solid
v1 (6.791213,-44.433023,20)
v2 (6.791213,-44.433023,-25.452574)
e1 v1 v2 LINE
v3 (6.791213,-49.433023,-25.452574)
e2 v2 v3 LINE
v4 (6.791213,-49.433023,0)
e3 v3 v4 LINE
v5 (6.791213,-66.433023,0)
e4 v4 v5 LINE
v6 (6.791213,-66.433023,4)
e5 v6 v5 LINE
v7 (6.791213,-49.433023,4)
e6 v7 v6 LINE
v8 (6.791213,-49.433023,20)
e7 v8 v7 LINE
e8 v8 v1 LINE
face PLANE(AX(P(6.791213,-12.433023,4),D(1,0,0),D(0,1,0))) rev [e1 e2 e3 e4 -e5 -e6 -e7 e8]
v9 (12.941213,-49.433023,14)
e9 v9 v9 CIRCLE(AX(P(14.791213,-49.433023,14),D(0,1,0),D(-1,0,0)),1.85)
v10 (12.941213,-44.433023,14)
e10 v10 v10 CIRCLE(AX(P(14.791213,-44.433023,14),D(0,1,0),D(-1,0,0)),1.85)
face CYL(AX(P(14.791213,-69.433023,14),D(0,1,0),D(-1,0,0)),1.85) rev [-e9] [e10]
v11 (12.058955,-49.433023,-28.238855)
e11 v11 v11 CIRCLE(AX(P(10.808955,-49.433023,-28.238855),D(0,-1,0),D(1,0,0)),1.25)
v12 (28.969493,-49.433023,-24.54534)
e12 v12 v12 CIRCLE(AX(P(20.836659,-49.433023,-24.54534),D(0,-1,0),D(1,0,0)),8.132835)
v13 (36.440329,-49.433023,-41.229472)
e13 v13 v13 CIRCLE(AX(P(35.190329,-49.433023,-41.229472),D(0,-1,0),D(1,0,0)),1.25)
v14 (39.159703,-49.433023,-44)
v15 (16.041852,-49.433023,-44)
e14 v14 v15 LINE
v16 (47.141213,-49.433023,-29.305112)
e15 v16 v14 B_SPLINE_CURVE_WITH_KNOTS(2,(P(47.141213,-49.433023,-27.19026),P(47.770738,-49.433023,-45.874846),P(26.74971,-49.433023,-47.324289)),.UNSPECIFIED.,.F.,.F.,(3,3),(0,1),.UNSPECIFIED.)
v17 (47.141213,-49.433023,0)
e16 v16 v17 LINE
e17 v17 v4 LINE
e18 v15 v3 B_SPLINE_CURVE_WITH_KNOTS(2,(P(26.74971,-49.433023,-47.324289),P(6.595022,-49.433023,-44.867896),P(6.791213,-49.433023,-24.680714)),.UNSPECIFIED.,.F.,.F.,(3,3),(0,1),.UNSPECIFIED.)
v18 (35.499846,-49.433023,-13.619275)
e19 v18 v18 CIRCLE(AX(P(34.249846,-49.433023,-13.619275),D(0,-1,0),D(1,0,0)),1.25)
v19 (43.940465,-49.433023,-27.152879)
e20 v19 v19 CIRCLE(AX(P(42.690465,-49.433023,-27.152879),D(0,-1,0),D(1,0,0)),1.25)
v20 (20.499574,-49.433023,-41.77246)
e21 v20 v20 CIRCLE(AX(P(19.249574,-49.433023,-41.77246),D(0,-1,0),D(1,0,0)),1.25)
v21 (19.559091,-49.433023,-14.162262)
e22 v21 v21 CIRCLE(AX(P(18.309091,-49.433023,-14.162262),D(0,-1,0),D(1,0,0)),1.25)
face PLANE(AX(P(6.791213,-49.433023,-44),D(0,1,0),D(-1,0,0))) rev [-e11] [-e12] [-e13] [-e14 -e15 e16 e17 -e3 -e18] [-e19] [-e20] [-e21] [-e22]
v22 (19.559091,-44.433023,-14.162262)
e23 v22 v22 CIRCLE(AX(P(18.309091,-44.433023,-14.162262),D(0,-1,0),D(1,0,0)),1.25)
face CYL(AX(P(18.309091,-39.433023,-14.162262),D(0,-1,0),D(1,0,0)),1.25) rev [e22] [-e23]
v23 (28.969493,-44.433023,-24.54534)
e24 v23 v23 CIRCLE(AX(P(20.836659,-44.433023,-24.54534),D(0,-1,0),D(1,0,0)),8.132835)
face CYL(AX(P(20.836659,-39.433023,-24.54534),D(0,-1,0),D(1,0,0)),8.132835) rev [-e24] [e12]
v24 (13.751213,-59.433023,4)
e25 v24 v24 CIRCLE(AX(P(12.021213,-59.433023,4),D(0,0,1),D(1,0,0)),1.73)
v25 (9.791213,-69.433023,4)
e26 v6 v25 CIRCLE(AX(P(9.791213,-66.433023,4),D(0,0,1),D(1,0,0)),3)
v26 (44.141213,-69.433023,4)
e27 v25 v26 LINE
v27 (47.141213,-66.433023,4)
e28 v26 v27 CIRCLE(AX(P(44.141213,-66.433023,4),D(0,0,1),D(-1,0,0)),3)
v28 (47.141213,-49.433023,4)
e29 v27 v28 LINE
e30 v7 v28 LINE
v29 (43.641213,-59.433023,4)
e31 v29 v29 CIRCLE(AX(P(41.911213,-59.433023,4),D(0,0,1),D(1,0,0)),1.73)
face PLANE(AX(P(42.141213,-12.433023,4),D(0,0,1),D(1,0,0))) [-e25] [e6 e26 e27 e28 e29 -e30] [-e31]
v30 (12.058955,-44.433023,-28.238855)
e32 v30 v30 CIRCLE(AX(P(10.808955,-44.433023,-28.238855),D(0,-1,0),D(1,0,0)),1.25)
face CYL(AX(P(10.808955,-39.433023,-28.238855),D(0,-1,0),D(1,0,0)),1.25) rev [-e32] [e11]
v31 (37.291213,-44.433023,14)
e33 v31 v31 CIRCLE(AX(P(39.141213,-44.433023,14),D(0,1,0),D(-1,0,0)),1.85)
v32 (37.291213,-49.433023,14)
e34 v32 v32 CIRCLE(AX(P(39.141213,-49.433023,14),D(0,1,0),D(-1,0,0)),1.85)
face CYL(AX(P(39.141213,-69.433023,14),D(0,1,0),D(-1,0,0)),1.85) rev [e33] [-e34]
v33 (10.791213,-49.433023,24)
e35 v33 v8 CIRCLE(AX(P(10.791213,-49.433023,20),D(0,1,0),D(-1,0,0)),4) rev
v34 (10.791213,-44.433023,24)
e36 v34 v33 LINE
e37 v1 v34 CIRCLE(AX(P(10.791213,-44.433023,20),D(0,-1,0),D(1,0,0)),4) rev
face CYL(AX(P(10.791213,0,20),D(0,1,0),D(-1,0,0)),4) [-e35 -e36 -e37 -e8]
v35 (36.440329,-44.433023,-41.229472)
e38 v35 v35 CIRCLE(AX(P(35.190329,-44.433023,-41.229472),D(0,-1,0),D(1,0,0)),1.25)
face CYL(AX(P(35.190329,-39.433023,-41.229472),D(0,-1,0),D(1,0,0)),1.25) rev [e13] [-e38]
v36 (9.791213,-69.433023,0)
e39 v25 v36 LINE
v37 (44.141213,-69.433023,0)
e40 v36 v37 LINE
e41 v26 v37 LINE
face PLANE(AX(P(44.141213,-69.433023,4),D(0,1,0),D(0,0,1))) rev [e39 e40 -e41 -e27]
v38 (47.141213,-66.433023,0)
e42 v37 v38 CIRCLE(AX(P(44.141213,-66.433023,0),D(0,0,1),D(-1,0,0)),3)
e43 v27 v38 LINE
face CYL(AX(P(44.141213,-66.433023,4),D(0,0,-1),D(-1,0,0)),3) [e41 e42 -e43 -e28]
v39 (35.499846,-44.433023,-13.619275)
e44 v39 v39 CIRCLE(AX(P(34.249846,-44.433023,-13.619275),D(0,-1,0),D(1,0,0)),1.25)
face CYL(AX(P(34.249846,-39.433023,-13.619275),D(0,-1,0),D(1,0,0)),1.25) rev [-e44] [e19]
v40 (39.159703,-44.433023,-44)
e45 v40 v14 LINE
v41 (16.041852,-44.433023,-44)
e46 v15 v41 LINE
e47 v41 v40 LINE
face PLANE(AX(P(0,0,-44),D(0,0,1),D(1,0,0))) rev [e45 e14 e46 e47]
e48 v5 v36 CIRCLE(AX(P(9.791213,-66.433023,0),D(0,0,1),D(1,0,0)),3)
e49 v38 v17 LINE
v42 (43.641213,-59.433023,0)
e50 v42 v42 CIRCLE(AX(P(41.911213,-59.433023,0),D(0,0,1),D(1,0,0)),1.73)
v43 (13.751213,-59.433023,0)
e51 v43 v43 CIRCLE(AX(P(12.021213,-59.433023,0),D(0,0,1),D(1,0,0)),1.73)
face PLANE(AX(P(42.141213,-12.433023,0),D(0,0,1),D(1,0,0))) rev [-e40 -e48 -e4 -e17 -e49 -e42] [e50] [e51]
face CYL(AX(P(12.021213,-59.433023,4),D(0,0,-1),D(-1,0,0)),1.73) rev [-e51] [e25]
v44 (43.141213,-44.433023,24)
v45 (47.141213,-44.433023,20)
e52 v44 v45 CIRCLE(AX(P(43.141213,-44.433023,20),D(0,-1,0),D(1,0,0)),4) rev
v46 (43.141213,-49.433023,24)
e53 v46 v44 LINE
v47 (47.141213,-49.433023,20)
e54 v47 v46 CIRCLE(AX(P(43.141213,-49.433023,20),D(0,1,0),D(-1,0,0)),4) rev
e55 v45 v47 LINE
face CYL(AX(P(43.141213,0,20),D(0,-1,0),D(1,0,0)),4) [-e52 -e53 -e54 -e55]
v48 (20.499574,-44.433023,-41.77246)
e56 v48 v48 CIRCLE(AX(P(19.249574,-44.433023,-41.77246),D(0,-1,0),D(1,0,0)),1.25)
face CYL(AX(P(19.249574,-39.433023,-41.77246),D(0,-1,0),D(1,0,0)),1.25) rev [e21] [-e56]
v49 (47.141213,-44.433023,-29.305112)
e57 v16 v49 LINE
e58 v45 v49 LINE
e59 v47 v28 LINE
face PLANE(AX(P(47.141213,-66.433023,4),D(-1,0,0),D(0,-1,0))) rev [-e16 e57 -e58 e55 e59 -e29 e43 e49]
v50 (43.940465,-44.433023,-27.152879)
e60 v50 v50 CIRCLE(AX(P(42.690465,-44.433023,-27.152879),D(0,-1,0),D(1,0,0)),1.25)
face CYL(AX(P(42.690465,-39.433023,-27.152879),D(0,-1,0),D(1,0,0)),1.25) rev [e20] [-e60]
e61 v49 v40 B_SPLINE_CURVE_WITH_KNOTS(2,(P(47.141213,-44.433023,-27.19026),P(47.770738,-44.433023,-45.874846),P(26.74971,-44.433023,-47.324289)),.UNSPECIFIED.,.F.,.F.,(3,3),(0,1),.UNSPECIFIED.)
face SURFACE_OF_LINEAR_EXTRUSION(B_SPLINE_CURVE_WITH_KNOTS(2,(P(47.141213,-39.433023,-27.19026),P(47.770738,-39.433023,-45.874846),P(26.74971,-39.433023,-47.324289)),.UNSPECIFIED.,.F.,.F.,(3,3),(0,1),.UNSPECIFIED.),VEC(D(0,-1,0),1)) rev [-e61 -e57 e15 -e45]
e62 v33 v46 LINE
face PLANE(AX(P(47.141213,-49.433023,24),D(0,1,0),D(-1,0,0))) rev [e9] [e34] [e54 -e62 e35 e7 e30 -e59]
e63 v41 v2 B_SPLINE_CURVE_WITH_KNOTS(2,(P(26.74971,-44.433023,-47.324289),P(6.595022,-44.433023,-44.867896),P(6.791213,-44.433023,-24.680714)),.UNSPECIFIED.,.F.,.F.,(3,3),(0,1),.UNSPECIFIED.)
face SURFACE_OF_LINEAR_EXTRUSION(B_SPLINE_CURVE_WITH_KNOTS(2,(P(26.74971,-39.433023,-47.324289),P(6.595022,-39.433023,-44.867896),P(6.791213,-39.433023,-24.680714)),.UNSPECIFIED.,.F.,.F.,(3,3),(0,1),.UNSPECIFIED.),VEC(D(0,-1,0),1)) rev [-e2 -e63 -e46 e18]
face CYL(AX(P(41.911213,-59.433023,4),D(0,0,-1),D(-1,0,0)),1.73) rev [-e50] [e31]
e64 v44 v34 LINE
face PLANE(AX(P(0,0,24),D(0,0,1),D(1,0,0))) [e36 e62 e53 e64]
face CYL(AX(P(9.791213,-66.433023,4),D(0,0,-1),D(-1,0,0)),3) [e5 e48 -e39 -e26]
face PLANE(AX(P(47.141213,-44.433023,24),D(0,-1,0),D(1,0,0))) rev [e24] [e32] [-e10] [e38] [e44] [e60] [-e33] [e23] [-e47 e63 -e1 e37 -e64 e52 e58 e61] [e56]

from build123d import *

# Parameters (mm, degrees)
SKETCH1_R           = 1.73
SKETCH1_R_2         = 1.75
BOSS_EXTRUDE1_DEPTH = 4
SKETCH2_W           = 40.35
SKETCH2_H           = 5
BOSS_EXTRUDE2_DEPTH = 20
FILLET1_R           = 4
SKETCH3_R           = 1.85
CUT_EXTRUDE1_DEPTH  = 65.55458112
SKETCH4_W           = 42.335046752
SKETCH4_H           = 40.534615669
CUT_EXTRUDE2_DEPTH  = 87.274206212
SKETCH5_W           = 40.35
SKETCH5_H           = 5
BOSS_EXTRUDE3_DEPTH = 44
SKETCH7_R           = 8.132834804
SKETCH7_R_2         = 1.25
CUT_EXTRUDE3_DEPTH  = 10


with BuildPart() as part:
    # Sketch1 → Boss-Extrude1 (new body)
    with BuildSketch(Plane.XY):
        with BuildLine():
            Line((44.141212793, -69.433023223), (9.791212793, -69.433023223))
            ThreePointArc((9.791212793, -69.433023223), (7.669892449, -68.554343566), (6.791212793, -66.433023223))
            Line((6.791212793, -66.433023223), (6.791212793, -12.433023223))
            ThreePointArc((6.791212793, -12.433023223), (8.255678887, -8.897489317), (11.791212793, -7.433023223))
            Line((11.791212793, -7.433023223), (42.141212793, -7.433023223))
            ThreePointArc((42.141212793, -7.433023223), (45.676746699, -8.897489317), (47.141212793, -12.433023223))
            Line((47.141212793, -12.433023223), (47.141212793, -66.433023223))
            ThreePointArc((47.141212793, -66.433023223), (46.262533136, -68.554343566), (44.141212793, -69.433023223))
        make_face()
        with Locations((12.021212793, -14.663023223)):
            Circle(SKETCH1_R, mode=Mode.SUBTRACT)
        with Locations((41.911212793, -14.663023223)):
            Circle(SKETCH1_R, mode=Mode.SUBTRACT)
        with Locations((12.021212793, -38.723023223)):
            Circle(SKETCH1_R_2, mode=Mode.SUBTRACT)
        with Locations((41.911212793, -38.723023223)):
            Circle(SKETCH1_R_2, mode=Mode.SUBTRACT)
        with Locations((41.911212793, -59.433023223)):
            Circle(SKETCH1_R, mode=Mode.SUBTRACT)
        with Locations((12.021212793, -59.433023223)):
            Circle(SKETCH1_R, mode=Mode.SUBTRACT)
    extrude(amount=BOSS_EXTRUDE1_DEPTH)

    # Sketch2 → Boss-Extrude2 (add)
    with BuildSketch(Plane.XY.offset(4)):
        with Locations((26.966212793, -46.933023223)):
            Rectangle(SKETCH2_W, SKETCH2_H)
    extrude(amount=BOSS_EXTRUDE2_DEPTH)

    # Fillet1
    fillet1_edges = [part.edges().sort_by_distance(p)[0] for p in [
        (6.791212793, -46.933023223, 24),
        (47.141212793, -46.933023223, 24),
    ]]
    fillet(fillet1_edges, radius=FILLET1_R)

    # Sketch3 → Cut-Extrude1 (cut, through all)
    with BuildSketch(Plane(origin=(0, -44.433023223, 0), x_dir=(1, 0, 0), z_dir=(0, 1, 0))):
        with Locations(Location((39.141212793, -14, 0), (0, 0, 180))):
            Circle(SKETCH3_R)
        with Locations(Location((14.791212793, -14, 0), (0, 0, 180))):
            Circle(SKETCH3_R)
    extrude(amount=-CUT_EXTRUDE1_DEPTH, mode=Mode.SUBTRACT)

    # Sketch4 → Cut-Extrude2 (cut, through all)
    with BuildSketch(Plane.XY.offset(4)):
        with Locations((27.958736169, -24.165715389)):
            Rectangle(SKETCH4_W, SKETCH4_H)
    extrude(amount=-CUT_EXTRUDE2_DEPTH, mode=Mode.SUBTRACT)

    # Sketch5 → Boss-Extrude3 (add)
    with BuildSketch(Plane(origin=(0, 0, 0), x_dir=(-1, 0, 0), z_dir=(0, 0, -1))):
        with Locations((-26.966212793, -46.933023223)):
            Rectangle(SKETCH5_W, SKETCH5_H)
    extrude(amount=BOSS_EXTRUDE3_DEPTH)

    # Sketch7 → Cut-Extrude3 (cut)
    with BuildSketch(Plane.XZ.offset(49.433023223)):
        with Locations((20.836658571, -24.545339617)):
            Circle(SKETCH7_R)
        with Locations((18.309091346, -14.16226231)):
            Circle(SKETCH7_R_2)
        with Locations((10.808955155, -28.238854835)):
            Circle(SKETCH7_R_2)
        with Locations((19.249573785, -41.772459571)):
            Circle(SKETCH7_R_2)
        with Locations((35.190328606, -41.229471782)):
            Circle(SKETCH7_R_2)
        with Locations((42.690464797, -27.152879257)):
            Circle(SKETCH7_R_2)
        with Locations((34.249846167, -13.619274521)):
            Circle(SKETCH7_R_2)
        with BuildLine():
            Line((6.791212793, -24.680714066), (4.582649711, -44))
            Line((4.582649711, -44), (32.677324571, -51.00034411))
            Line((32.677324571, -51.00034411), (44.945122218, -48.614200906))
            Line((44.945122218, -48.614200906), (51.549779096, -38.819864159))
            Line((51.549779096, -38.819864159), (47.141212793, -27.190260187))
            add(Edge.make_bspline(
                [(26.749709976, -47.324288879), (47.770737556, -45.874846264), (47.141212793, -27.190260187)],
                knots=[0, 0, 0, 1, 1, 1], degree=2))
            add(Edge.make_bspline(
                [(6.791212793, -24.680714066), (6.595021886, -44.867895731), (26.749709976, -47.324288879)],
                knots=[0, 0, 0, 1, 1, 1], degree=2))
        make_face()
    extrude(amount=-CUT_EXTRUDE3_DEPTH, mode=Mode.SUBTRACT)


solid = part.part
